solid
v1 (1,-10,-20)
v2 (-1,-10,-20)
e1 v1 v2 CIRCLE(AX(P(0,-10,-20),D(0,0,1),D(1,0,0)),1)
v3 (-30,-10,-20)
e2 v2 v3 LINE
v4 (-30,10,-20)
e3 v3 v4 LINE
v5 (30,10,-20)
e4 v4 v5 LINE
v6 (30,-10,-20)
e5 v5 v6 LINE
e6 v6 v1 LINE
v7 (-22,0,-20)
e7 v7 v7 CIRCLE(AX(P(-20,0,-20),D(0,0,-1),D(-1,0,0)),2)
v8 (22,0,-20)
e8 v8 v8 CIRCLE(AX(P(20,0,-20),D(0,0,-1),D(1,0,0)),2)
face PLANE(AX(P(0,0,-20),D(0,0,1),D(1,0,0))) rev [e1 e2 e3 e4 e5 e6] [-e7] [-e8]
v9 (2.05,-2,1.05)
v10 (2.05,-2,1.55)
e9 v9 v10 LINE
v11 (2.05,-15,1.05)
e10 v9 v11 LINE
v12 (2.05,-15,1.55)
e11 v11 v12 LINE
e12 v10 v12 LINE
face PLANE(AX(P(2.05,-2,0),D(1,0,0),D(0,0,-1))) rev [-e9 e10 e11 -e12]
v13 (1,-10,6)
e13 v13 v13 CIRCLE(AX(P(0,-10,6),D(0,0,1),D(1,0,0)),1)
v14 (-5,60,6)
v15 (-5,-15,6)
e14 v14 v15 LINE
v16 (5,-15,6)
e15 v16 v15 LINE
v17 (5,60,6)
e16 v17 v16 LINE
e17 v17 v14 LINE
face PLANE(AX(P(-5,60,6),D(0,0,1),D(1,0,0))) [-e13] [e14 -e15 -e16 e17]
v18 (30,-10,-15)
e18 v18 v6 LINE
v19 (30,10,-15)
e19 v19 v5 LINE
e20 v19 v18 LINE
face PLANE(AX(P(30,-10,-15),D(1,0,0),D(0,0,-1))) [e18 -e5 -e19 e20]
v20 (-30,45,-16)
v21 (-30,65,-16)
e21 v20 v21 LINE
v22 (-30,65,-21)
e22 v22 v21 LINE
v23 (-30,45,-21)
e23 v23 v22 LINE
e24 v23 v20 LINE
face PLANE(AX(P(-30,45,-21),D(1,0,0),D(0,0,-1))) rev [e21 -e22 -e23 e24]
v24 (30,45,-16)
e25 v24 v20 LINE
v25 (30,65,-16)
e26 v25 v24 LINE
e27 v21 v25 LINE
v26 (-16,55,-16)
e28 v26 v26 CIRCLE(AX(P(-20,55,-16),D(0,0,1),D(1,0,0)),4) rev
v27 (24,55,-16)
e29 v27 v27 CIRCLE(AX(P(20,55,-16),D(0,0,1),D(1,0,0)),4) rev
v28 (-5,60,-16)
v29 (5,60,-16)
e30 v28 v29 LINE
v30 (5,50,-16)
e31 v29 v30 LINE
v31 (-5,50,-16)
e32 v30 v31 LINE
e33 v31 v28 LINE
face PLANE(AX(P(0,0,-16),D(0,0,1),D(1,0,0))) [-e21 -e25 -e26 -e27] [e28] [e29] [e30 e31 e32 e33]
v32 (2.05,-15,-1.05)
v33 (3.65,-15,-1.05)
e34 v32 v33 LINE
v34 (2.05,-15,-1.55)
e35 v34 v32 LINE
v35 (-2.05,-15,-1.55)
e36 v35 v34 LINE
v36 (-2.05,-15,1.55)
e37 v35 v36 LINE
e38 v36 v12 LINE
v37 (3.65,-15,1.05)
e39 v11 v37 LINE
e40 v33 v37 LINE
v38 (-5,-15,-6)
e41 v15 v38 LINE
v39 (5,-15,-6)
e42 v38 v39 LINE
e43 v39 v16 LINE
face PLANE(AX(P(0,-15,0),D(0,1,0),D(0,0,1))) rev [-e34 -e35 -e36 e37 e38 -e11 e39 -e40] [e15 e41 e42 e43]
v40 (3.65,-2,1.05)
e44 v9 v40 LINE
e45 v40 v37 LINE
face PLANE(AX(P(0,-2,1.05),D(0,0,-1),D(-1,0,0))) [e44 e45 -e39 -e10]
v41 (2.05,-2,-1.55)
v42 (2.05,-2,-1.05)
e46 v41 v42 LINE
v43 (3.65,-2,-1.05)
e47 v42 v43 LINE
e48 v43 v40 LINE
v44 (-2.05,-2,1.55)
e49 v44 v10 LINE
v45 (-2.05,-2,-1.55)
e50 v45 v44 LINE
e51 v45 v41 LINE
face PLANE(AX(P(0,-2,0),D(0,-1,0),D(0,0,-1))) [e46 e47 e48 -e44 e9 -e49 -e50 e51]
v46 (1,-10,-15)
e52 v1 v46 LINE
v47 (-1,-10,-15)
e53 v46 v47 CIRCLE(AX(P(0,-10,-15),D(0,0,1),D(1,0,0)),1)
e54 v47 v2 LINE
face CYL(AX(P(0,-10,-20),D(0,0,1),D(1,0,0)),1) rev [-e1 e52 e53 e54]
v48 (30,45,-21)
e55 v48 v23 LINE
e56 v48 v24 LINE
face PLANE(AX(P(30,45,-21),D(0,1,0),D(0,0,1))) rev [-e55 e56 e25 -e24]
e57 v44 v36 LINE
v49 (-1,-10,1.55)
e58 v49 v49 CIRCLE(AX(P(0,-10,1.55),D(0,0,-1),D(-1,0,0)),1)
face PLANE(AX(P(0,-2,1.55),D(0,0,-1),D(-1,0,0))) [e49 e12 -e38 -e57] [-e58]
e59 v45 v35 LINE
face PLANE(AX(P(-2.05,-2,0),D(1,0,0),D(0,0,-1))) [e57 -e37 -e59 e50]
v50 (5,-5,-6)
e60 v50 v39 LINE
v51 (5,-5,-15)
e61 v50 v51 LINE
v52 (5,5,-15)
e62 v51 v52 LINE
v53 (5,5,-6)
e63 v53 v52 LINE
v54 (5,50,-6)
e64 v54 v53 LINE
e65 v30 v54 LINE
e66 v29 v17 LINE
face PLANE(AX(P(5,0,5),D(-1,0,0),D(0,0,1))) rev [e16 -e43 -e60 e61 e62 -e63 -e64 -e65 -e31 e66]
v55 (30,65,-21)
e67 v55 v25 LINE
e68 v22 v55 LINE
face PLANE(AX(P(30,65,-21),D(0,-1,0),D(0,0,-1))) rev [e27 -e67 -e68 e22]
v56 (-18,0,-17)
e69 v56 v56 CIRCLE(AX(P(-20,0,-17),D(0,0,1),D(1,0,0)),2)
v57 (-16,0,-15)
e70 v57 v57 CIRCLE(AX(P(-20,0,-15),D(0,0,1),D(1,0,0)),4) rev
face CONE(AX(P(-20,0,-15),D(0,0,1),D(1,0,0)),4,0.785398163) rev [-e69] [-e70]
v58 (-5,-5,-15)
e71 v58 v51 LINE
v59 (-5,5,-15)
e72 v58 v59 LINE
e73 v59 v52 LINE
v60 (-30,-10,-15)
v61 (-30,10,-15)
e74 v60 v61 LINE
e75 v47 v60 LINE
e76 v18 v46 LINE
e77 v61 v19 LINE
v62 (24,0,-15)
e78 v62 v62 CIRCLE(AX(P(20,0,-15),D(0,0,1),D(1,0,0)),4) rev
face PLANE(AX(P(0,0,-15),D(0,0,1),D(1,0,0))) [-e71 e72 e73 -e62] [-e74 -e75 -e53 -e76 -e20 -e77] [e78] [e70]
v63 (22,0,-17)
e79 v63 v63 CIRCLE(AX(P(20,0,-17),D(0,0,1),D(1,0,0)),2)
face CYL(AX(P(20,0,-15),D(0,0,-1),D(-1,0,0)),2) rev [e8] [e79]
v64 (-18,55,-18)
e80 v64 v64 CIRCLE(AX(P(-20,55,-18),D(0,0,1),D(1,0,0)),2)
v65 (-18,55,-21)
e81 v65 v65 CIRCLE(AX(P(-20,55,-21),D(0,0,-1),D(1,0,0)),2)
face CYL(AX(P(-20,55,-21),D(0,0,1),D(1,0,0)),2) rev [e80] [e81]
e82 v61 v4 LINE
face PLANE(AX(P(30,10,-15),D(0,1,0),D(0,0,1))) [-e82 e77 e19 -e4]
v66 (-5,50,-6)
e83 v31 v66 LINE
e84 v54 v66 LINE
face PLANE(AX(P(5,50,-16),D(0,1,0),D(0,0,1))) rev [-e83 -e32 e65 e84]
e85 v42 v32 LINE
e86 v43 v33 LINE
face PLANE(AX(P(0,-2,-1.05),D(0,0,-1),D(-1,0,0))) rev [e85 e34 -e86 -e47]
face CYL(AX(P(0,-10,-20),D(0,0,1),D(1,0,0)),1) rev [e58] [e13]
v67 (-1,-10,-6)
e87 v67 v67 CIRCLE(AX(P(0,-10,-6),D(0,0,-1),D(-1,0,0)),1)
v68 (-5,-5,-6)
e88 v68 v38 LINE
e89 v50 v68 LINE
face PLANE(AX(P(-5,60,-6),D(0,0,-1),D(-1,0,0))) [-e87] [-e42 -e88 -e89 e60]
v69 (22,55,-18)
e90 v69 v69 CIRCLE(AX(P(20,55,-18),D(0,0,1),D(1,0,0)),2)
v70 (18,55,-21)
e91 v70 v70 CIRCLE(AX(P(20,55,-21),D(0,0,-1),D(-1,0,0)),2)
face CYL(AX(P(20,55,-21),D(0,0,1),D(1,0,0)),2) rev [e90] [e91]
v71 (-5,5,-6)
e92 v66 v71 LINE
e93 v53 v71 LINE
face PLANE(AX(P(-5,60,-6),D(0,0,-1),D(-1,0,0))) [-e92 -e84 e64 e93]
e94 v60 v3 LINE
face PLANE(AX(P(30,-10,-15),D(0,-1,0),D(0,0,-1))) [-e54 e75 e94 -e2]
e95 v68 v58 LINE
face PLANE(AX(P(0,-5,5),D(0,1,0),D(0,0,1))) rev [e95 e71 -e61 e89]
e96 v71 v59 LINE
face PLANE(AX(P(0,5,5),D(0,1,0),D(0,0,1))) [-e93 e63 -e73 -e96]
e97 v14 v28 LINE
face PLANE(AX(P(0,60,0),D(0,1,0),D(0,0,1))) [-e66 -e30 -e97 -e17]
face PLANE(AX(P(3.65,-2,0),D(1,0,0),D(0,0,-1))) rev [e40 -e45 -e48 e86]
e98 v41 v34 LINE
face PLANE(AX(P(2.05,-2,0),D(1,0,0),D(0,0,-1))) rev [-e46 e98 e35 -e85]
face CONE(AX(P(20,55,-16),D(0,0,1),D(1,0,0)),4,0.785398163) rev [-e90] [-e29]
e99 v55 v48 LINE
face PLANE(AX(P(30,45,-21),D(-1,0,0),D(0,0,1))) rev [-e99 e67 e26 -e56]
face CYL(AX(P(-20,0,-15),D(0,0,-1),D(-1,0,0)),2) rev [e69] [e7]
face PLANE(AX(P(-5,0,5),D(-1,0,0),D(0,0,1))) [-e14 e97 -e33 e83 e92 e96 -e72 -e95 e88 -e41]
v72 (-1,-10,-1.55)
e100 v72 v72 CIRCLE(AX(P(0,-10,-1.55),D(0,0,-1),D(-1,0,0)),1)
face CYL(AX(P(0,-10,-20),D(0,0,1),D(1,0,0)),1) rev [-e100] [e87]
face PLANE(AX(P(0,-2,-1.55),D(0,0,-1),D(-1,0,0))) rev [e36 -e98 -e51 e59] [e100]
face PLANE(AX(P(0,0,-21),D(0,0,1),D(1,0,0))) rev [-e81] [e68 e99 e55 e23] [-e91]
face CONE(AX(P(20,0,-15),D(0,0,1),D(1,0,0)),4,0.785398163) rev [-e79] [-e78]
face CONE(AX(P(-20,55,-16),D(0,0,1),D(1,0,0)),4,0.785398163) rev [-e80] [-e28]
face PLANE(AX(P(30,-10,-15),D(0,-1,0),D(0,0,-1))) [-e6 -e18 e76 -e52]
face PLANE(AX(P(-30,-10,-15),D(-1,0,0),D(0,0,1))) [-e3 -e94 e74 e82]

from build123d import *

# Parameters (mm, degrees)
SKETCH1_W                = 10
SKETCH1_H                = 10
BOSS_EXTRUDE1_DEPTH      = 5
SKETCH2_W                = 10
SKETCH2_H                = 10
BOSS_EXTRUDE2_DEPTH      = 20
SKETCH3_W                = 60
SKETCH3_H                = 20
SKETCH3_R                = 2
BOSS_EXTRUDE3_DEPTH      = 5
SKETCH4_W                = 10
SKETCH4_H                = 12
BOSS_EXTRUDE4_DEPTH      = 10
BOSS_EXTRUDE4_DEPTH_BACK = 65
SKETCH5_W                = 4.1
SKETCH5_H                = 3.1
SKETCH5_W_2              = 1.6
SKETCH5_H_2              = 2.1
CUT_EXTRUDE1_DEPTH       = 13
SKETCH7_R                = 1
CUT_EXTRUDE3_DEPTH       = 27
SKETCH10_W               = 10
SKETCH10_H               = 10
BOSS_EXTRUDE6_DEPTH      = 10
SKETCH12_W               = 60
SKETCH12_H               = 20
SKETCH12_R               = 2
BOSS_EXTRUDE7_DEPTH      = 5
CHAMFER1_SIZE            = 2


with BuildPart() as part:
    # Sketch1 → Boss-Extrude1 (new body)
    with BuildSketch(Plane.XY):
        Rectangle(SKETCH1_W, SKETCH1_H)
    extrude(amount=BOSS_EXTRUDE1_DEPTH)

    # Sketch2 → Boss-Extrude2 (add)
    with BuildSketch(Plane(origin=(0, 0, 0), x_dir=(-1, 0, 0), z_dir=(0, 0, -1))):
        Rectangle(SKETCH2_W, SKETCH2_H)
    extrude(amount=BOSS_EXTRUDE2_DEPTH)

    # Sketch3 → Boss-Extrude3 (add)
    with BuildSketch(Plane(origin=(0, 0, -20), x_dir=(-1, 0, 0), z_dir=(0, 0, -1))):
        Rectangle(SKETCH3_W, SKETCH3_H)
        with Locations((20, 0)):
            Circle(SKETCH3_R, mode=Mode.SUBTRACT)
        with Locations((-20, 0)):
            Circle(SKETCH3_R, mode=Mode.SUBTRACT)
    extrude(amount=-BOSS_EXTRUDE3_DEPTH)

    # Sketch4 → Boss-Extrude4 (add, two sides)
    with BuildSketch(Plane.XZ.offset(5)) as boss_extrude4_sk:
        Rectangle(SKETCH4_W, SKETCH4_H)
    extrude(amount=BOSS_EXTRUDE4_DEPTH)
    extrude(boss_extrude4_sk.sketch, amount=-BOSS_EXTRUDE4_DEPTH_BACK)

    # Sketch5 → Cut-Extrude1 (cut)
    with BuildSketch(Plane(origin=(0, -15, 0), x_dir=(-1, 0, 0), z_dir=(0, -1, 0))):
        Rectangle(SKETCH5_W, SKETCH5_H)
        with Locations((-2.85, 0)):
            Rectangle(SKETCH5_W_2, SKETCH5_H_2)
    extrude(amount=-CUT_EXTRUDE1_DEPTH, mode=Mode.SUBTRACT)

    # Sketch7 → Cut-Extrude3 (cut, through all)
    with BuildSketch(Plane.XY.offset(6)):
        with Locations((0, -10)):
            Circle(SKETCH7_R)
    extrude(amount=-CUT_EXTRUDE3_DEPTH, mode=Mode.SUBTRACT)

    # Sketch10 → Boss-Extrude6 (add)
    with BuildSketch(Plane(origin=(0, 0, -6), x_dir=(-1, 0, 0), z_dir=(0, 0, -1))):
        with Locations((0, 55)):
            Rectangle(SKETCH10_W, SKETCH10_H)
    extrude(amount=BOSS_EXTRUDE6_DEPTH)

    # Sketch12 → Boss-Extrude7 (add)
    with BuildSketch(Plane(origin=(0, 0, -16), x_dir=(-1, 0, 0), z_dir=(0, 0, -1))):
        with Locations((0, 55)):
            Rectangle(SKETCH12_W, SKETCH12_H)
        with Locations((20, 55)):
            Circle(SKETCH12_R, mode=Mode.SUBTRACT)
        with Locations((-20, 55)):
            Circle(SKETCH12_R, mode=Mode.SUBTRACT)
    extrude(amount=BOSS_EXTRUDE7_DEPTH)

    # Chamfer1
    chamfer1_edges = [part.edges().sort_by_distance(p)[0] for p in [
        (-18, 55, -16),
        (22, 55, -16),
        (-18, 0, -15),
        (22, 0, -15),
    ]]
    chamfer(chamfer1_edges, length=CHAMFER1_SIZE)


solid = part.part
